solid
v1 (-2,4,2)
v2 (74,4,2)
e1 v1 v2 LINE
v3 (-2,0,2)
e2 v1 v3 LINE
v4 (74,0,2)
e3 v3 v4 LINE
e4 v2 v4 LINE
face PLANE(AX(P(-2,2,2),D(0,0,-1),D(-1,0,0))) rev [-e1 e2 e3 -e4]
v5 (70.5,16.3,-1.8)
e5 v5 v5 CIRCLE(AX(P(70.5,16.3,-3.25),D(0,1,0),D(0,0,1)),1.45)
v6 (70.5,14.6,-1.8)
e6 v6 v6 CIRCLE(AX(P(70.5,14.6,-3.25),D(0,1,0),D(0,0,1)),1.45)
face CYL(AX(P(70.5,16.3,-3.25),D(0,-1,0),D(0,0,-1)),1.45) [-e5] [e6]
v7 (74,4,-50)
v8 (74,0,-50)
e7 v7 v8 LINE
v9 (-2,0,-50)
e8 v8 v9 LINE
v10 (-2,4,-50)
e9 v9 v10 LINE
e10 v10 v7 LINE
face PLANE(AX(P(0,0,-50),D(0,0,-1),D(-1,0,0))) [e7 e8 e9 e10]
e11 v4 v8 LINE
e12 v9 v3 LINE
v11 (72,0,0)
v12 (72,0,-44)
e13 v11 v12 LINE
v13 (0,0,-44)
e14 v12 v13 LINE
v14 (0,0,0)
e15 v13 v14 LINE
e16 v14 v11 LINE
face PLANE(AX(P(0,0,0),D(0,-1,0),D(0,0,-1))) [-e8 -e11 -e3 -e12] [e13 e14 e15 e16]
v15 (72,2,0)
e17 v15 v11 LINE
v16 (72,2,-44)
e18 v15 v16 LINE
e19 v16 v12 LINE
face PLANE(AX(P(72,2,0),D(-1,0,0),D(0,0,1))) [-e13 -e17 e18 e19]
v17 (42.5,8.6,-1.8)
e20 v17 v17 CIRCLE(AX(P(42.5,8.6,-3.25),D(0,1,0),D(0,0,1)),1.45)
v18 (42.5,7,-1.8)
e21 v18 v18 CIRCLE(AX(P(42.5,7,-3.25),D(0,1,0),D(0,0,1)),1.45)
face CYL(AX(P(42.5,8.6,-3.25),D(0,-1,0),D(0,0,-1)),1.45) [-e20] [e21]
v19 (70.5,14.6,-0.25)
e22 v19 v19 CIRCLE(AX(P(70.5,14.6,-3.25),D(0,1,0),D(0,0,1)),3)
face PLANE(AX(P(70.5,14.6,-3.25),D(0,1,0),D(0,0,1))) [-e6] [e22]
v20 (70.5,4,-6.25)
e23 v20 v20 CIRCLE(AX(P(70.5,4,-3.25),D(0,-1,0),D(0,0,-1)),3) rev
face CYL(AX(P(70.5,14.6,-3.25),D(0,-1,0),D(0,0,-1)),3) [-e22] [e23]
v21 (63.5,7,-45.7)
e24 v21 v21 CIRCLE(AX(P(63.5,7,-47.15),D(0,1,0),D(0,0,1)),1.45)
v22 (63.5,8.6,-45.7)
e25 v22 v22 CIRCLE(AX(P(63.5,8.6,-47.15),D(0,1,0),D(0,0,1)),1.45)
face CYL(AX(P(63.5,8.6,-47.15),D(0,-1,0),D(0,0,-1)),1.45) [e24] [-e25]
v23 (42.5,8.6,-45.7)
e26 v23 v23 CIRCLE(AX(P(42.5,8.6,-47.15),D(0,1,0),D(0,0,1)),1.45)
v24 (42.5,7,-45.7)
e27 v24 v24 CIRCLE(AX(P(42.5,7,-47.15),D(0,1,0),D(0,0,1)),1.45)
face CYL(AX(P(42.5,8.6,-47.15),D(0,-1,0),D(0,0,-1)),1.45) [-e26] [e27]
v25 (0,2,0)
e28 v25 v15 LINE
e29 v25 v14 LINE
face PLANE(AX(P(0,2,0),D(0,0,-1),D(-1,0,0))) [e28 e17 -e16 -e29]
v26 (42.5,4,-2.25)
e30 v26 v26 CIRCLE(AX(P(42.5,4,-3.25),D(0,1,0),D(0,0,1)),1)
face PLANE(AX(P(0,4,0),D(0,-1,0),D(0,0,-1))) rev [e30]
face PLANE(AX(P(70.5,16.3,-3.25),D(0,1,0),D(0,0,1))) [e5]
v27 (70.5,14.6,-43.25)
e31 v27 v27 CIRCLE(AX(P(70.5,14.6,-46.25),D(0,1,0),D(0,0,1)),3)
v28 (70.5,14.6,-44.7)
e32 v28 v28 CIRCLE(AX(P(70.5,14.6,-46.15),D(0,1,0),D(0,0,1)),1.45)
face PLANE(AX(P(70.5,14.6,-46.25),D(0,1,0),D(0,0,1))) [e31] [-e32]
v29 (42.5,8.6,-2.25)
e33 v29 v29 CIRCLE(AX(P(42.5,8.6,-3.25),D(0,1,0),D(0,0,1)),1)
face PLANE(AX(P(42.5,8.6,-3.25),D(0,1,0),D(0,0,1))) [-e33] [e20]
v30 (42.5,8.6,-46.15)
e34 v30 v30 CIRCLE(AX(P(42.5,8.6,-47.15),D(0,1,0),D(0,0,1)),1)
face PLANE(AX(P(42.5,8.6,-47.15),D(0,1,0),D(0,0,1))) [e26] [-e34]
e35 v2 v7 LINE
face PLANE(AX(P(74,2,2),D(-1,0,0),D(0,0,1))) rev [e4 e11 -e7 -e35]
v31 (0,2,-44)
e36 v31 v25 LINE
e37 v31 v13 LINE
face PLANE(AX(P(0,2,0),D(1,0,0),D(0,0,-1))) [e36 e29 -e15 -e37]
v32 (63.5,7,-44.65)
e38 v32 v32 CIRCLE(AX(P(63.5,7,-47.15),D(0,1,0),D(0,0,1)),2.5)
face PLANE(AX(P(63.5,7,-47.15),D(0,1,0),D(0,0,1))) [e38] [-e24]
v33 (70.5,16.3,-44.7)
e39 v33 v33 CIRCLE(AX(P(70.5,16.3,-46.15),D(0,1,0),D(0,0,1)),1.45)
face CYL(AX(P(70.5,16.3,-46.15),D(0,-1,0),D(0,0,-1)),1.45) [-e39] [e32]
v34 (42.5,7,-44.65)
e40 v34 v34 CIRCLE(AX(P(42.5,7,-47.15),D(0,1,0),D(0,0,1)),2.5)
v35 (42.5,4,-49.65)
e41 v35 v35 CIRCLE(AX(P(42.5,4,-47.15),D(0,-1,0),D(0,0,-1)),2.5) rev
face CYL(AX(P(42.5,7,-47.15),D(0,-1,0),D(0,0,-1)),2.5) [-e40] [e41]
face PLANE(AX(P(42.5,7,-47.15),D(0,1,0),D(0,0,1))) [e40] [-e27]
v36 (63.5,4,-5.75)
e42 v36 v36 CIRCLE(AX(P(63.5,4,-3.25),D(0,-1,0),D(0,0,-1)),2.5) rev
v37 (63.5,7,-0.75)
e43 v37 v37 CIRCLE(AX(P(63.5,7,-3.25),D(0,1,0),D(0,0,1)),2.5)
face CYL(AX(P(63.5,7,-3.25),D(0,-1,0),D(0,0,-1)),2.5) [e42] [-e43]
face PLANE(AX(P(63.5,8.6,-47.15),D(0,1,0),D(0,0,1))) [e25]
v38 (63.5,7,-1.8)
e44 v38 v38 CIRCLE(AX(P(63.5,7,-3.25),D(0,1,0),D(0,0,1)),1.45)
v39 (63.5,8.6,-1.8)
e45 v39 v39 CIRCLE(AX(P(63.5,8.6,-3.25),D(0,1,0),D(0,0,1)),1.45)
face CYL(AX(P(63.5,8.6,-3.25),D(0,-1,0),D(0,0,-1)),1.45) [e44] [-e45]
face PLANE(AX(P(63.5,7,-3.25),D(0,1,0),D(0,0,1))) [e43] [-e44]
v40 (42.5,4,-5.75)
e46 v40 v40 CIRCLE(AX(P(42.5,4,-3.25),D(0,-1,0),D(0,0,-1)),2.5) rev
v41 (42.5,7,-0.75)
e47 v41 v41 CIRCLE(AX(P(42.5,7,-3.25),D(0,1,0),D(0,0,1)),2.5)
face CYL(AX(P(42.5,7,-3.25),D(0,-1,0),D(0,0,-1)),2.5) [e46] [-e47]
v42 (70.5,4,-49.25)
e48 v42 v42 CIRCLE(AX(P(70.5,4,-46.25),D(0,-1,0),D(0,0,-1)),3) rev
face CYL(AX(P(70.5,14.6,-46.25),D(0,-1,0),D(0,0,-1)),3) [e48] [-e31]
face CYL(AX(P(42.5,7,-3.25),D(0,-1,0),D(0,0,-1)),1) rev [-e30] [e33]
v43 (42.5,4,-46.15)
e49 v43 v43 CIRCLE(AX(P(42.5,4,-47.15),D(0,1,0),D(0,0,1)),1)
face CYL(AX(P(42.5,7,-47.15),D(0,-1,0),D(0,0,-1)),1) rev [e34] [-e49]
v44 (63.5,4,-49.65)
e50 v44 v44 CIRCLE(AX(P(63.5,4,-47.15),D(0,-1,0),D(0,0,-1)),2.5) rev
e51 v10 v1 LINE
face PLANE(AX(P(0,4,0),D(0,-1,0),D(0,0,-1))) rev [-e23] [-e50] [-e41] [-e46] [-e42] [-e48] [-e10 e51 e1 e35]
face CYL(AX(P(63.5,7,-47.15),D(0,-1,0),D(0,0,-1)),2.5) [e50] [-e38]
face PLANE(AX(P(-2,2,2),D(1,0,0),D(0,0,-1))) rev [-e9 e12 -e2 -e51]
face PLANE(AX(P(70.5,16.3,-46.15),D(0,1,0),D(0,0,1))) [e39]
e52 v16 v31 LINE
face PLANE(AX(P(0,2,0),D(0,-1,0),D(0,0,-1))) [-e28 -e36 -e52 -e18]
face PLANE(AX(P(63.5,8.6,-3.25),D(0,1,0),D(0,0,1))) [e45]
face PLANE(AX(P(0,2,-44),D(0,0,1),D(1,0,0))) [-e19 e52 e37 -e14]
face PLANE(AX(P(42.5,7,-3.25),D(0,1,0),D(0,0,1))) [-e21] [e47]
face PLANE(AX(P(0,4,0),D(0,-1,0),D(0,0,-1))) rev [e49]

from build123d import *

# Parameters (mm, degrees)
SKETCH1_W           = 76
SKETCH1_H           = 48
SKETCH1_W_2         = 72
SKETCH1_H_2         = 44
BOSS_EXTRUDE1_DEPTH = 2
SKETCH2_W           = 76
SKETCH2_H           = 48
BOSS_EXTRUDE2_DEPTH = 2
SKETCH8_W           = 76
SKETCH8_H           = 4
BOSS_EXTRUDE7_DEPTH = 4
SKETCH3_R           = 2.5
SKETCH3_R_2         = 1
BOSS_EXTRUDE3_DEPTH = 3
SKETCH4_R           = 1.45
SKETCH4_R_2         = 1
BOSS_EXTRUDE4_DEPTH = 1.6
SKETCH5_R           = 3
BOSS_EXTRUDE5_DEPTH = 10.6
SKETCH7_R           = 1.45
BOSS_EXTRUDE6_DEPTH = 1.7


with BuildPart() as part:
    # Sketch1 → Boss-Extrude1 (new body)
    with BuildSketch(Plane(origin=(0, 0, 0), x_dir=(1, 0, 0), z_dir=(0, 1, 0))):
        with Locations((36, 22)):
            Rectangle(SKETCH1_W, SKETCH1_H)
        with Locations((36, 22)):
            Rectangle(SKETCH1_W_2, SKETCH1_H_2, mode=Mode.SUBTRACT)
    extrude(amount=BOSS_EXTRUDE1_DEPTH)

    # Sketch2 → Boss-Extrude2 (add)
    with BuildSketch(Plane(origin=(0, 2, 0), x_dir=(1, 0, 0), z_dir=(0, 1, 0))):
        with Locations((36, 22)):
            Rectangle(SKETCH2_W, SKETCH2_H)
    extrude(amount=BOSS_EXTRUDE2_DEPTH)

    # Sketch8 → Boss-Extrude7 (add)
    with BuildSketch(Plane(origin=(0, 0, -46), x_dir=(-1, 0, 0), z_dir=(0, 0, -1))):
        with Locations((-36, 2)):
            Rectangle(SKETCH8_W, SKETCH8_H)
    extrude(amount=BOSS_EXTRUDE7_DEPTH)

    # Sketch3 → Boss-Extrude3 (add)
    # profile 1 of 4: a face of its own
    with BuildSketch(Plane(origin=(0, 4, 0), x_dir=(1, 0, 0), z_dir=(0, 1, 0))):
        with Locations(Location((42.5, 3.25, 0), (0, 0, 90))):
            Circle(SKETCH3_R)
        with Locations(Location((42.5, 3.25, 0), (0, 0, 270))):
            Circle(SKETCH3_R_2, mode=Mode.SUBTRACT)
    # profile 2 of 4: a face of its own
    with BuildSketch(Plane(origin=(0, 4, 0), x_dir=(1, 0, 0), z_dir=(0, 1, 0))):
        with Locations(Location((63.5, 3.25, 0), (0, 0, 90))):
            Circle(SKETCH3_R)
    # profile 3 of 4: a face of its own
    with BuildSketch(Plane(origin=(0, 4, 0), x_dir=(1, 0, 0), z_dir=(0, 1, 0))):
        with Locations(Location((42.5, 47.15, 0), (0, 0, 90))):
            Circle(SKETCH3_R)
        with Locations(Location((42.5, 47.15, 0), (0, 0, 270))):
            Circle(SKETCH3_R_2, mode=Mode.SUBTRACT)
    # profile 4 of 4: a face of its own
    with BuildSketch(Plane(origin=(0, 4, 0), x_dir=(1, 0, 0), z_dir=(0, 1, 0))):
        with Locations(Location((63.5, 47.15, 0), (0, 0, 90))):
            Circle(SKETCH3_R)
    extrude(amount=BOSS_EXTRUDE3_DEPTH)

    # Sketch4 → Boss-Extrude4 (add)
    # profile 1 of 4: a face of its own
    with BuildSketch(Plane(origin=(0, 7, 0), x_dir=(1, 0, 0), z_dir=(0, 1, 0))):
        with Locations(Location((42.5, 3.25, 0), (0, 0, 270))):
            Circle(SKETCH4_R)
        with Locations(Location((42.5, 3.25, 0), (0, 0, 270))):
            Circle(SKETCH4_R_2, mode=Mode.SUBTRACT)
    # profile 2 of 4: a face of its own
    with BuildSketch(Plane(origin=(0, 7, 0), x_dir=(1, 0, 0), z_dir=(0, 1, 0))):
        with Locations(Location((42.5, 47.15, 0), (0, 0, 270))):
            Circle(SKETCH4_R)
        with Locations(Location((42.5, 47.15, 0), (0, 0, 270))):
            Circle(SKETCH4_R_2, mode=Mode.SUBTRACT)
    # profile 3 of 4: a face of its own
    with BuildSketch(Plane(origin=(0, 7, 0), x_dir=(1, 0, 0), z_dir=(0, 1, 0))):
        with Locations(Location((63.5, 3.25, 0), (0, 0, 270))):
            Circle(SKETCH4_R)
    # profile 4 of 4: a face of its own
    with BuildSketch(Plane(origin=(0, 7, 0), x_dir=(1, 0, 0), z_dir=(0, 1, 0))):
        with Locations(Location((63.5, 47.15, 0), (0, 0, 270))):
            Circle(SKETCH4_R)
    extrude(amount=BOSS_EXTRUDE4_DEPTH)

    # Sketch5 → Boss-Extrude5 (add)
    with BuildSketch(Plane(origin=(0, 4, 0), x_dir=(1, 0, 0), z_dir=(0, 1, 0))):
        with Locations(Location((70.5, 3.25, 0), (0, 0, 90))):
            Circle(SKETCH5_R)
        with Locations(Location((70.5, 46.25, 0), (0, 0, 90))):
            Circle(SKETCH5_R)
    extrude(amount=BOSS_EXTRUDE5_DEPTH)

    # Sketch7 → Boss-Extrude6 (add)
    with BuildSketch(Plane(origin=(0, 14.6, 0), x_dir=(1, 0, 0), z_dir=(0, 1, 0))):
        with Locations(Location((70.5, 3.25, 0), (0, 0, 270))):
            Circle(SKETCH7_R)
        with Locations(Location((70.5, 46.15, 0), (0, 0, 270))):
            Circle(SKETCH7_R)
    extrude(amount=BOSS_EXTRUDE6_DEPTH)


solid = part.part
